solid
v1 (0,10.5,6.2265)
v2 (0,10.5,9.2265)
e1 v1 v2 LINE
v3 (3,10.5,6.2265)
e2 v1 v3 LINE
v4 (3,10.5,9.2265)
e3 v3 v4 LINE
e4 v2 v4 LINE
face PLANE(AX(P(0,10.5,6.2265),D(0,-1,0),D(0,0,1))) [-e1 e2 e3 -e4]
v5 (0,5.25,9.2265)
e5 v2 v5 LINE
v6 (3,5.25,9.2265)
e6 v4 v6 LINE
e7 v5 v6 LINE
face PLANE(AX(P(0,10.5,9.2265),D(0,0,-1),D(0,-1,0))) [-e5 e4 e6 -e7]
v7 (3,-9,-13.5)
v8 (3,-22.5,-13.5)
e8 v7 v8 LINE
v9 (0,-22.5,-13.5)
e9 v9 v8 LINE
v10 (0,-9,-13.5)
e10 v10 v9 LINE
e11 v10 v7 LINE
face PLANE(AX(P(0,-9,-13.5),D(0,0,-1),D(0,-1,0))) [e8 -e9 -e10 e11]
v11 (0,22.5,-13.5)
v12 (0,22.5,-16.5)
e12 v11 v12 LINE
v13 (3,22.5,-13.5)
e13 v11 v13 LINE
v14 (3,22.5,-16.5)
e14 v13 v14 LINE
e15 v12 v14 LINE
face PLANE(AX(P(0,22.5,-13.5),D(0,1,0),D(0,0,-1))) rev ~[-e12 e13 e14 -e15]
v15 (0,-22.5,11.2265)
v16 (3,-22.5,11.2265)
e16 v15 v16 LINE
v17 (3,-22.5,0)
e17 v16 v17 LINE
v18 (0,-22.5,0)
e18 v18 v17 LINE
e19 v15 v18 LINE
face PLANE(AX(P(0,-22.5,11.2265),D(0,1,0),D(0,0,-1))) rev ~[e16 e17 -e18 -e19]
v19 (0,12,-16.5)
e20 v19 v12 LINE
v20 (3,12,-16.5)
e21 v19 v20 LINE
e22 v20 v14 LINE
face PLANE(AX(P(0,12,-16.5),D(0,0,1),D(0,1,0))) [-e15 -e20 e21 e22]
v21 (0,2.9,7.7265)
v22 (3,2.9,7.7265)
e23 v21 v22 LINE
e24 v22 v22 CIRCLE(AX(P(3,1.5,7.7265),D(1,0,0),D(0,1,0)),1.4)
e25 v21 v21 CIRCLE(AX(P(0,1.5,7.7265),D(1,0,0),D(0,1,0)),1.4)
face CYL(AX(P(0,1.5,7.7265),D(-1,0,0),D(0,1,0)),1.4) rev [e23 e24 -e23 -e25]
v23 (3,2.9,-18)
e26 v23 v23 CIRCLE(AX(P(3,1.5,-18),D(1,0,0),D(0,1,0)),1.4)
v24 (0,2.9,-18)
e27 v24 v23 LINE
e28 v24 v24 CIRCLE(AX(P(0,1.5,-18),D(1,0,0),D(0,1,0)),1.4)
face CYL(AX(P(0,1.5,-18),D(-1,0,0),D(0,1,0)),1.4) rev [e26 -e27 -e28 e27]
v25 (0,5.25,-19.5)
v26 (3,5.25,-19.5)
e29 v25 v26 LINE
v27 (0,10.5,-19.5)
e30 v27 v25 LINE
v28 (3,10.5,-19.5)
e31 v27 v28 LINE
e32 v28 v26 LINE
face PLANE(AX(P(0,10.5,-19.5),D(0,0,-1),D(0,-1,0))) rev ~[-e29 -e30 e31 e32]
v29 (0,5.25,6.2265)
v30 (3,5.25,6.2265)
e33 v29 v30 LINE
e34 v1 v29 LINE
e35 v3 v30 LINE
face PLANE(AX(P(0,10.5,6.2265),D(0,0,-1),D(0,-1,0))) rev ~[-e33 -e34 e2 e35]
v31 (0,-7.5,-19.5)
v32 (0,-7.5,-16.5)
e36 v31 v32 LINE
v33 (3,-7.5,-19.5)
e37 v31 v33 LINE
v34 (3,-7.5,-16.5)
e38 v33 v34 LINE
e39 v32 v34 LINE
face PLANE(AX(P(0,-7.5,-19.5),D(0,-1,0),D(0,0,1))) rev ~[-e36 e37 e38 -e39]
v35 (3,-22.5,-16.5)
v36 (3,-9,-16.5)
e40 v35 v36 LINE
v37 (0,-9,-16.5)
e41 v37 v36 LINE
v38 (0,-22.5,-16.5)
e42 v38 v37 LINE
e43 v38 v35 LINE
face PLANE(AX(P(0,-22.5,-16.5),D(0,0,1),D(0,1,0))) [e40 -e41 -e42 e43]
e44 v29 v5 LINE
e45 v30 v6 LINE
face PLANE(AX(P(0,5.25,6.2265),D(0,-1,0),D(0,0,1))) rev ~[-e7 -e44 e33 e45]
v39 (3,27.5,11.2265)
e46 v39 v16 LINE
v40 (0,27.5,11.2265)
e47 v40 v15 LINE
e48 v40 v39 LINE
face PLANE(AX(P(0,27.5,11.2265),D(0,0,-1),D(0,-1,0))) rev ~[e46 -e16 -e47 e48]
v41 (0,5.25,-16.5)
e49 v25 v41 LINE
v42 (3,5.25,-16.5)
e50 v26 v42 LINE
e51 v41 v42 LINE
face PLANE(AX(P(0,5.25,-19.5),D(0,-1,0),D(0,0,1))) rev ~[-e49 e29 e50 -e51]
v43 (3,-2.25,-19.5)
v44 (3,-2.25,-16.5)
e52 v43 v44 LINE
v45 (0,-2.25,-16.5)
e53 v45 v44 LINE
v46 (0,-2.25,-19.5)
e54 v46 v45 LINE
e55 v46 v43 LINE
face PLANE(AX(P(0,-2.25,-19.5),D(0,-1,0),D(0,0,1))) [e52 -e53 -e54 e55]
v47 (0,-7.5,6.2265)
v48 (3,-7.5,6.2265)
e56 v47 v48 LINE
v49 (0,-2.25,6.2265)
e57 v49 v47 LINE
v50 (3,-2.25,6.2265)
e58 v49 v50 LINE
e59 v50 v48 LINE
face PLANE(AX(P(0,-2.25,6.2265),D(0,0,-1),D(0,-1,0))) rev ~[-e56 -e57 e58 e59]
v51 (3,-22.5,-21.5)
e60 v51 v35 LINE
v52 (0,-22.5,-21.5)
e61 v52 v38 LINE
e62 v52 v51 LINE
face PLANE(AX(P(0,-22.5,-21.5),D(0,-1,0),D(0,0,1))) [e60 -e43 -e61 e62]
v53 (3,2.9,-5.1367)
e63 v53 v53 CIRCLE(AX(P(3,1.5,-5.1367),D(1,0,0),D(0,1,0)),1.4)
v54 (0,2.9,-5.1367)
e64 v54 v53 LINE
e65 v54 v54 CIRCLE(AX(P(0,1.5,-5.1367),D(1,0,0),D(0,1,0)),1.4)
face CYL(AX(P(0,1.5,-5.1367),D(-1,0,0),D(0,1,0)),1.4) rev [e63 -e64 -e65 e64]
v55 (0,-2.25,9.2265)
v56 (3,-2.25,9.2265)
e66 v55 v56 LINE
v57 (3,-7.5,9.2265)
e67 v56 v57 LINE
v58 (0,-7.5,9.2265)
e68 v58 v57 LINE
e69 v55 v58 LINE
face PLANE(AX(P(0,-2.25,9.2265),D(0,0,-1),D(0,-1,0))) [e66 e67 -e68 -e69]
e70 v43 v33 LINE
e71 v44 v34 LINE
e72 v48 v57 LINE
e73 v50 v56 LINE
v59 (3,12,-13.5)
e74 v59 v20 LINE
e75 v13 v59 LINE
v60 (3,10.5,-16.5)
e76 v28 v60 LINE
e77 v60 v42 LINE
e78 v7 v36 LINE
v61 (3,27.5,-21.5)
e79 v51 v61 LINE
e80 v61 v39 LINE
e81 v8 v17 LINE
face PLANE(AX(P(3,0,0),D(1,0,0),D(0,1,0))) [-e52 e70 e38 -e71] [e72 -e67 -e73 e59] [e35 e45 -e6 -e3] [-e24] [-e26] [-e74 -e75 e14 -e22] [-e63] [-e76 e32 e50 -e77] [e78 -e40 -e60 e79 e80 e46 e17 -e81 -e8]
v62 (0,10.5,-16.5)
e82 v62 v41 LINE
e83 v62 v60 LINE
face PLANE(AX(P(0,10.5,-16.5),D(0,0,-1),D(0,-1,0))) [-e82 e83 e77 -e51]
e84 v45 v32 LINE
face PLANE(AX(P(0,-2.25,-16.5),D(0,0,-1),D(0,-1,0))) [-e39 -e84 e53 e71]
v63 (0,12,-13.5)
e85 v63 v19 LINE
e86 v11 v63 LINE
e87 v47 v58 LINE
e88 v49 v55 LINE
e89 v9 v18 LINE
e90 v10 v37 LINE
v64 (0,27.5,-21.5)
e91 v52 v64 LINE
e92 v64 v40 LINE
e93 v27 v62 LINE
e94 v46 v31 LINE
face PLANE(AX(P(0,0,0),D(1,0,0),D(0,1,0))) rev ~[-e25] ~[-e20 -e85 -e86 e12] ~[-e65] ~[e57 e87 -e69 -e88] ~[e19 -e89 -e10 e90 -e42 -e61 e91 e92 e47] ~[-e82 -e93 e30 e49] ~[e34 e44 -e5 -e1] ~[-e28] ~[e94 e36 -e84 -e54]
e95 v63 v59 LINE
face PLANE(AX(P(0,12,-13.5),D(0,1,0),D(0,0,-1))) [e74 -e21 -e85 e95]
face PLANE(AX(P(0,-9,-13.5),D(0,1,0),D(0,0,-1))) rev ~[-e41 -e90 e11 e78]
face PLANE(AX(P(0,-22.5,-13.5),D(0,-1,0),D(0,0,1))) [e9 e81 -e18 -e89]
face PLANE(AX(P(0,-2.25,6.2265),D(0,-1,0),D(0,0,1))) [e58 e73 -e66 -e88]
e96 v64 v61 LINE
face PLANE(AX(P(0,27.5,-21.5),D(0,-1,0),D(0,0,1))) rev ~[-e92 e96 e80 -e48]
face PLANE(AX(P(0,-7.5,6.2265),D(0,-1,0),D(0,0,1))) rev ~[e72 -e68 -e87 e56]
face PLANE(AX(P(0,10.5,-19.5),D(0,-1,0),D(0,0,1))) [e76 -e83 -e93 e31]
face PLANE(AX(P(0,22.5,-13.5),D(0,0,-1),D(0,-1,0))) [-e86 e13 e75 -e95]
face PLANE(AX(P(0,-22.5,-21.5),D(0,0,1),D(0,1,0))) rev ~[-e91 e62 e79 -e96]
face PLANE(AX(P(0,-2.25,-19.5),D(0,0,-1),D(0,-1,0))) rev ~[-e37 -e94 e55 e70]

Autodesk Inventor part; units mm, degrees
ref_plane "YZ Plane" through (0, 0, 0) normal (1, 0, 0) x (0, 1, 0)
ref_plane "XZ Plane" through (0, 0, 0) normal (0, 1, 0) x (-1, 0, 0)
ref_plane "XY Plane" through (0, 0, 0) normal (0, 0, 1) x (1, 0, 0)
sketch "Sketch2" plane through (0, 0, 0) normal (1, 0, 0) x (0, 1, 0)
  line L0 (-22.5, -21.5) -> (27.5, -21.5)
  line L1 (27.5, -21.5) -> (27.5, 11.2265)
  line L2 (27.5, 11.2265) -> (-22.5, 11.2265)
  line L3 (-22.5, 11.2265) -> (-22.5, 0)
  line L4 (-22.5, -21.5) -> (-22.5, -16.5)
  line L5 (-32.5, 0) -> (37.5, 0) construction
  line L6 (10.5, -19.5) -> (5.25, -19.5) projected
  line L7 (5.25, -19.5) -> (5.25, -16.5) projected
  line L8 (10.5, -16.5) -> (5.25, -16.5) projected
  line L9 (10.5, -19.5) -> (10.5, -16.5) projected
  line L10 (-2.25, -19.5) -> (-7.5, -19.5) projected
  line L11 (-7.5, -19.5) -> (-7.5, -16.5) projected
  line L12 (-2.25, -16.5) -> (-7.5, -16.5) projected
  line L13 (-2.25, -19.5) -> (-2.25, -16.5) projected
  line L14 (-9, -13.5) -> (-22.5, -13.5) projected
  line L15 (-9, -13.5) -> (-9, -16.5) projected
  line L16 (-22.5, -16.5) -> (-9, -16.5) projected
  line L17 (-22.5, -13.5) -> (-22.5, -16.5) projected
  line L18 (22.5, -13.5) -> (12, -13.5) projected
  line L19 (22.5, -13.5) -> (22.5, -16.5) projected
  line L20 (12, -16.5) -> (22.5, -16.5) projected
  line L21 (12, -13.5) -> (12, -16.5) projected
  line L22 (10.5, 6.2265) -> (5.25, 6.2265) projected
  line L23 (5.25, 6.2265) -> (5.25, 9.2265) projected
  line L24 (10.5, 9.2265) -> (5.25, 9.2265) projected
  line L25 (10.5, 6.2265) -> (10.5, 9.2265) projected
  line L26 (-2.25, 6.2265) -> (-7.5, 6.2265) projected
  line L27 (-7.5, 6.2265) -> (-7.5, 9.2265) projected
  line L28 (-2.25, 9.2265) -> (-7.5, 9.2265) projected
  line L29 (-2.25, 6.2265) -> (-2.25, 9.2265) projected
  line L30 (-22.5, -13.5) -> (-22.5, 0)
  line L31 (-22.5, -16.5) -> (-22.5, -13.5)
  line L32 (5.25, 9.2265) -> (-2.25, 6.2265) construction
  line L33 (-2.25, 9.2265) -> (5.25, 6.2265) construction
  line L34 (5.25, -16.5) -> (-2.25, -19.5) construction
  line L35 (-2.25, -16.5) -> (5.25, -19.5) construction
  circle A0 centre (1.5, 7.7265) radius 1.4
  circle A1 centre (1.5, -18) radius 1.4
  line L36 (1.5, 7.7265) -> (1.5, -18) construction
  circle A2 centre (1.5, -5.1367) radius 1.4
  dimension "d21" = 2
  dimension "d22" = 2
  dimension "d23" = 5
  dimension "d24" = 2.8
  dimension "d25" = 2.8
  dimension "d26" = 2.8
extrude "Extrusion1" add sketch "Sketch2" along normal blind 3 contours L4 L16 L15 L14 L30 L3 L2 L1 L0
properties part number "X-Anchor_Front-Side"
